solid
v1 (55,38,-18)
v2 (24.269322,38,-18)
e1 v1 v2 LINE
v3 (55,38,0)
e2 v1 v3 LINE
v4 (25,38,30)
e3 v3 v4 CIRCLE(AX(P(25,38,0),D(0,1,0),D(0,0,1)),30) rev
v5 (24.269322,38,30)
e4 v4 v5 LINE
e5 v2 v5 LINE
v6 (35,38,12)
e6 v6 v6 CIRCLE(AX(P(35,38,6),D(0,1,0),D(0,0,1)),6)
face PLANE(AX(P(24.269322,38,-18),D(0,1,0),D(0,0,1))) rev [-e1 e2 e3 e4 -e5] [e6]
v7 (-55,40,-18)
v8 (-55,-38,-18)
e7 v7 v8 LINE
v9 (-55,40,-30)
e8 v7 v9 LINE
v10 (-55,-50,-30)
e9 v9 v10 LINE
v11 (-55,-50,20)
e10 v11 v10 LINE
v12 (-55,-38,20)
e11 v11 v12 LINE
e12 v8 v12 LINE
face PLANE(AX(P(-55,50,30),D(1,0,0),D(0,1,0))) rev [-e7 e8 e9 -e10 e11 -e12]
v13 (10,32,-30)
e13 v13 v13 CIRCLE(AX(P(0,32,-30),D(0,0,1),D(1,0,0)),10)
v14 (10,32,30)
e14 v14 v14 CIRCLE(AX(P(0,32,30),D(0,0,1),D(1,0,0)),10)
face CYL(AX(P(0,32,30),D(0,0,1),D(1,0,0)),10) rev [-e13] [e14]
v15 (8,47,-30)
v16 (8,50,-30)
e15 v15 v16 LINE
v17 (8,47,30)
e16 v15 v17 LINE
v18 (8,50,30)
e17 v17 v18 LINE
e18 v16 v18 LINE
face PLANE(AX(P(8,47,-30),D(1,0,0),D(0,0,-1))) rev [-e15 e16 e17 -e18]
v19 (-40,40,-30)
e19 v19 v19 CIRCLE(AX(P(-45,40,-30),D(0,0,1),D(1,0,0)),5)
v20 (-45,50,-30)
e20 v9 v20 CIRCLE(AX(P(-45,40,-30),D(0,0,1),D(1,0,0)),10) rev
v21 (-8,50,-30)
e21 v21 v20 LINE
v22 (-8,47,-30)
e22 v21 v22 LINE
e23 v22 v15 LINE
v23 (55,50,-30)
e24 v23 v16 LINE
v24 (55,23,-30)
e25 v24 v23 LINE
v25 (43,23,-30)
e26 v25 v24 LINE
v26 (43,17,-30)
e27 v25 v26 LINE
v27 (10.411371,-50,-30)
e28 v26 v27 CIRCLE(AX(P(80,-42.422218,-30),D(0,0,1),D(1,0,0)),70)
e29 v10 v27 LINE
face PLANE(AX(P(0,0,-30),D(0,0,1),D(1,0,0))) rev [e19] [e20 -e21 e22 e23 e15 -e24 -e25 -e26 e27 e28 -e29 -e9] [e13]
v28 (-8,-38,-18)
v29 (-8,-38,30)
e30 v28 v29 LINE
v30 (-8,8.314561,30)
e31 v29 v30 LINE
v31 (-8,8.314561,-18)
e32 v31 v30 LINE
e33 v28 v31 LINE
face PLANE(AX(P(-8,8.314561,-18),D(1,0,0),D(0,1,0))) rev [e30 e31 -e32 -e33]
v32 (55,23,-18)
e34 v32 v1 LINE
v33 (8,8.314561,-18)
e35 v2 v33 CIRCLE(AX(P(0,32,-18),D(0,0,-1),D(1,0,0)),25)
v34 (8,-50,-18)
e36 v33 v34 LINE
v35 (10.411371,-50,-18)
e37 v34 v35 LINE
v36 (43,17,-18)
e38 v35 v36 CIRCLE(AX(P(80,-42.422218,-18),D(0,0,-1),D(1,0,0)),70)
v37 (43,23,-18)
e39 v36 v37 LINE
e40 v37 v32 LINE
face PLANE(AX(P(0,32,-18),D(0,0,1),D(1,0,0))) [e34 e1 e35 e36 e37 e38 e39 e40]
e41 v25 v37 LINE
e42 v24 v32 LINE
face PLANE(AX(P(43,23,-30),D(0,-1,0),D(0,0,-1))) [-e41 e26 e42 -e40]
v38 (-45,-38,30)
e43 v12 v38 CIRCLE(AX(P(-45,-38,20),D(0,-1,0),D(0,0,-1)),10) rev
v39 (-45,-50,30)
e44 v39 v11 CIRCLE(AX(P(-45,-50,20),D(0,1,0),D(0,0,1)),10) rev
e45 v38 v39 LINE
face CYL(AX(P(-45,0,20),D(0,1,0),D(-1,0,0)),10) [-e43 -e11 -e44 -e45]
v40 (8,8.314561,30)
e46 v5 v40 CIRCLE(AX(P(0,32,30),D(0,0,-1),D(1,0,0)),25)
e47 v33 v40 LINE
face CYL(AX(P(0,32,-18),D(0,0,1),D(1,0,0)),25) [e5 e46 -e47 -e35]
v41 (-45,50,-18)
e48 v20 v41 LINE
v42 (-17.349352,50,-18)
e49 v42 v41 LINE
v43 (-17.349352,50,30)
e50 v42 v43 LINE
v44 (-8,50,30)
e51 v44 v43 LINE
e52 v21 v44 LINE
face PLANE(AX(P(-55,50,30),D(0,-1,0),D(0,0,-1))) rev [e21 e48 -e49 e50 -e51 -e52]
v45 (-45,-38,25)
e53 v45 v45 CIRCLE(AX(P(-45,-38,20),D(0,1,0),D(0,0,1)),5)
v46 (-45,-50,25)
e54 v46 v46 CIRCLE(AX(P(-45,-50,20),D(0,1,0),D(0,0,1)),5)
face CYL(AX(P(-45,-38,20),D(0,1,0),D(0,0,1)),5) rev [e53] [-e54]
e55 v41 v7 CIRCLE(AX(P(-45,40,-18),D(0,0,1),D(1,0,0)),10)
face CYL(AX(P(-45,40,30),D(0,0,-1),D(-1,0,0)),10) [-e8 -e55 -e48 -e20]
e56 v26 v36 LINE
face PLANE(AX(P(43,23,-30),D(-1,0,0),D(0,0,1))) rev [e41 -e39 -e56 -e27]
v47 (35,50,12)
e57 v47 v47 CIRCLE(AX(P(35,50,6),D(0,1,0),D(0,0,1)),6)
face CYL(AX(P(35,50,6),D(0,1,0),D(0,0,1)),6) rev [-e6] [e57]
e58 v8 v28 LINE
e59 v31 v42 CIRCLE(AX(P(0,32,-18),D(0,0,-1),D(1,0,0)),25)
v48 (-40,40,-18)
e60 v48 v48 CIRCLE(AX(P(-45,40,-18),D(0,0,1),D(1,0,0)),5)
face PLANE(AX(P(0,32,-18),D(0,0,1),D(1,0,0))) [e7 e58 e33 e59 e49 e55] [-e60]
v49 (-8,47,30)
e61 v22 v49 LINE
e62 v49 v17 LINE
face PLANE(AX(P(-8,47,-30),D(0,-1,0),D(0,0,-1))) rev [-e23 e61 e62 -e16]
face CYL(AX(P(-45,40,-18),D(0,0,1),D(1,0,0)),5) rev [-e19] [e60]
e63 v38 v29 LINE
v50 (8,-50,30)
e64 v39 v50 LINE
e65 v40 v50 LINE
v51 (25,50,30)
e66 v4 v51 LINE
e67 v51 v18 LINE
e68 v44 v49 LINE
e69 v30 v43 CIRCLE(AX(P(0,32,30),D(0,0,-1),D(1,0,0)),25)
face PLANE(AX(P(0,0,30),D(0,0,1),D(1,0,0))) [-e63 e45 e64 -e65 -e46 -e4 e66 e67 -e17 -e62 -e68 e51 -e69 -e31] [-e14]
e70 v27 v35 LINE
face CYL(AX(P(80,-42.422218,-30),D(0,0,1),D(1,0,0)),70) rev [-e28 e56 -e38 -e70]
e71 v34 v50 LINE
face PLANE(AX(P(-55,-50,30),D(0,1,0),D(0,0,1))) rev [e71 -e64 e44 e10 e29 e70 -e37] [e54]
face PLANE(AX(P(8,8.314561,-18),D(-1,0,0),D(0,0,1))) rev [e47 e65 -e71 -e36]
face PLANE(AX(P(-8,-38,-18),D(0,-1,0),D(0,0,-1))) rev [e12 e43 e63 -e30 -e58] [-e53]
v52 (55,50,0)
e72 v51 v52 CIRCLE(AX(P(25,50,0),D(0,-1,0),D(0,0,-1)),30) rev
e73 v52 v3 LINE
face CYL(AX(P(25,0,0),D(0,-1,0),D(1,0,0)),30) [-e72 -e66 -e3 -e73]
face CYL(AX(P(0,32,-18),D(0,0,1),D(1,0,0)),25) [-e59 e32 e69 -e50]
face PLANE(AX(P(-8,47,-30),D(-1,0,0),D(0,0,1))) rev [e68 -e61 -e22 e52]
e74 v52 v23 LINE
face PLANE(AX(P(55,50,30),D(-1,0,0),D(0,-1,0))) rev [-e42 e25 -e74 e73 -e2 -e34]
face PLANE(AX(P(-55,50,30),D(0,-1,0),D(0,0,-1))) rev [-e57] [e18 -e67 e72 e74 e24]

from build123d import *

# Parameters (mm, degrees)
SKETCH1_W           = 110
SKETCH1_H           = 100
BOSS_EXTRUDE1_DEPTH = 30
CUT_EXTRUDE1_DEPTH  = 48
SKETCH3_W           = 12
SKETCH3_H           = 6
CUT_EXTRUDE2_DEPTH  = 96.524865873
CUT_EXTRUDE5_DEPTH  = 48
CUT_EXTRUDE6_DEPTH  = 96.524865873
HOLE1_D             = 20
FILLET1_R           = 10
FILLET2_R           = 30
HOLE2_D             = 12
HOLE3_D             = 10
HOLE4_D             = 10
SKETCH15_W          = 16
SKETCH15_H          = 3
CUT_EXTRUDE7_DEPTH  = 96.524865873


with BuildPart() as part:
    # Sketch1 → Boss-Extrude1 (new, symmetric)
    with BuildSketch(Plane.XY):
        Rectangle(SKETCH1_W, SKETCH1_H)
    extrude(amount=BOSS_EXTRUDE1_DEPTH, both=True)

    # Sketch2 → Cut-Extrude1 (cut)
    with BuildSketch(Plane.XY.offset(30)):
        with BuildLine():
            Line((-8, 8.314561435), (-8, -38))
            Line((-8, -38), (-55, -38))
            Line((-55, -38), (-55, 50))
            Line((-55, 50), (-17.349351573, 50))
            ThreePointArc((-17.349351573, 50), (-24.393981909, 26.528834985), (-8, 8.314561435))
        make_face()
    extrude(amount=-CUT_EXTRUDE1_DEPTH, mode=Mode.SUBTRACT)

    # Sketch3 → Cut-Extrude2 (cut, through all)
    with BuildSketch(Plane.XY.offset(30)):
        with Locations((49, 20)):
            Rectangle(SKETCH3_W, SKETCH3_H)
    extrude(amount=-CUT_EXTRUDE2_DEPTH, mode=Mode.SUBTRACT)

    # Sketch4 → Cut-Extrude5 (cut)
    with BuildSketch(Plane.XY.offset(30)):
        with BuildLine():
            Line((8, -50), (10.411371468, -50))
            ThreePointArc((10.411371468, -50), (17.051338909, -11.804150412), (43, 17))
            Line((43, 17), (43, 23))
            Line((43, 23), (55, 23))
            Line((55, 23), (55, 38))
            Line((55, 38), (24.269322199, 38))
            ThreePointArc((24.269322199, 38), (21.92335751, 19.984743219), (8, 8.314561435))
            Line((8, 8.314561435), (8, -50))
        make_face()
    extrude(amount=-CUT_EXTRUDE5_DEPTH, mode=Mode.SUBTRACT)

    # Sketch6 → Cut-Extrude6 (cut, through all)
    with BuildSketch(Plane.XY.offset(30)):
        with BuildLine():
            Line((55, -50), (55, 17))
            Line((55, 17), (43, 17))
            ThreePointArc((43, 17), (17.051338909, -11.804150412), (10.411371468, -50))
            Line((10.411371468, -50), (55, -50))
        make_face()
    extrude(amount=-CUT_EXTRUDE6_DEPTH, mode=Mode.SUBTRACT)

    # Hole1 (through all)
    with Locations(Plane.XY.offset(30)):
        with Locations((0, 32)):
            Hole(HOLE1_D / 2)

    # Fillet1
    fillet1_edges = [part.edges().sort_by_distance(p)[0] for p in [
        (-55, -44, 30),
        (-55, 50, -24),
    ]]
    fillet(fillet1_edges, radius=FILLET1_R)

    # Fillet2
    fillet2_edges = [part.edges().sort_by_distance(p)[0] for p in [
        (55, 44, 30),
    ]]
    fillet(fillet2_edges, radius=FILLET2_R)

    # Hole2 (through all)
    with Locations(Plane(origin=(0, 50, 0), x_dir=(1, 0, 0), z_dir=(0, 1, 0))):
        with Locations((35, -6)):
            Hole(HOLE2_D / 2)

    # Hole3 (through all)
    with Locations(Plane(origin=(0, -38, 0), x_dir=(1, 0, 0), z_dir=(0, 1, 0))):
        with Locations((-45, -20)):
            Hole(HOLE3_D / 2)

    # Hole4 (through all)
    with Locations(Plane.XY.offset(-18)):
        with Locations((-45, 40)):
            Hole(HOLE4_D / 2)

    # Sketch15 → Cut-Extrude7 (cut, through all)
    with BuildSketch(Plane.XY.offset(30)):
        with Locations((0, 48.5)):
            Rectangle(SKETCH15_W, SKETCH15_H)
    extrude(amount=-CUT_EXTRUDE7_DEPTH, mode=Mode.SUBTRACT)


solid = part.part
